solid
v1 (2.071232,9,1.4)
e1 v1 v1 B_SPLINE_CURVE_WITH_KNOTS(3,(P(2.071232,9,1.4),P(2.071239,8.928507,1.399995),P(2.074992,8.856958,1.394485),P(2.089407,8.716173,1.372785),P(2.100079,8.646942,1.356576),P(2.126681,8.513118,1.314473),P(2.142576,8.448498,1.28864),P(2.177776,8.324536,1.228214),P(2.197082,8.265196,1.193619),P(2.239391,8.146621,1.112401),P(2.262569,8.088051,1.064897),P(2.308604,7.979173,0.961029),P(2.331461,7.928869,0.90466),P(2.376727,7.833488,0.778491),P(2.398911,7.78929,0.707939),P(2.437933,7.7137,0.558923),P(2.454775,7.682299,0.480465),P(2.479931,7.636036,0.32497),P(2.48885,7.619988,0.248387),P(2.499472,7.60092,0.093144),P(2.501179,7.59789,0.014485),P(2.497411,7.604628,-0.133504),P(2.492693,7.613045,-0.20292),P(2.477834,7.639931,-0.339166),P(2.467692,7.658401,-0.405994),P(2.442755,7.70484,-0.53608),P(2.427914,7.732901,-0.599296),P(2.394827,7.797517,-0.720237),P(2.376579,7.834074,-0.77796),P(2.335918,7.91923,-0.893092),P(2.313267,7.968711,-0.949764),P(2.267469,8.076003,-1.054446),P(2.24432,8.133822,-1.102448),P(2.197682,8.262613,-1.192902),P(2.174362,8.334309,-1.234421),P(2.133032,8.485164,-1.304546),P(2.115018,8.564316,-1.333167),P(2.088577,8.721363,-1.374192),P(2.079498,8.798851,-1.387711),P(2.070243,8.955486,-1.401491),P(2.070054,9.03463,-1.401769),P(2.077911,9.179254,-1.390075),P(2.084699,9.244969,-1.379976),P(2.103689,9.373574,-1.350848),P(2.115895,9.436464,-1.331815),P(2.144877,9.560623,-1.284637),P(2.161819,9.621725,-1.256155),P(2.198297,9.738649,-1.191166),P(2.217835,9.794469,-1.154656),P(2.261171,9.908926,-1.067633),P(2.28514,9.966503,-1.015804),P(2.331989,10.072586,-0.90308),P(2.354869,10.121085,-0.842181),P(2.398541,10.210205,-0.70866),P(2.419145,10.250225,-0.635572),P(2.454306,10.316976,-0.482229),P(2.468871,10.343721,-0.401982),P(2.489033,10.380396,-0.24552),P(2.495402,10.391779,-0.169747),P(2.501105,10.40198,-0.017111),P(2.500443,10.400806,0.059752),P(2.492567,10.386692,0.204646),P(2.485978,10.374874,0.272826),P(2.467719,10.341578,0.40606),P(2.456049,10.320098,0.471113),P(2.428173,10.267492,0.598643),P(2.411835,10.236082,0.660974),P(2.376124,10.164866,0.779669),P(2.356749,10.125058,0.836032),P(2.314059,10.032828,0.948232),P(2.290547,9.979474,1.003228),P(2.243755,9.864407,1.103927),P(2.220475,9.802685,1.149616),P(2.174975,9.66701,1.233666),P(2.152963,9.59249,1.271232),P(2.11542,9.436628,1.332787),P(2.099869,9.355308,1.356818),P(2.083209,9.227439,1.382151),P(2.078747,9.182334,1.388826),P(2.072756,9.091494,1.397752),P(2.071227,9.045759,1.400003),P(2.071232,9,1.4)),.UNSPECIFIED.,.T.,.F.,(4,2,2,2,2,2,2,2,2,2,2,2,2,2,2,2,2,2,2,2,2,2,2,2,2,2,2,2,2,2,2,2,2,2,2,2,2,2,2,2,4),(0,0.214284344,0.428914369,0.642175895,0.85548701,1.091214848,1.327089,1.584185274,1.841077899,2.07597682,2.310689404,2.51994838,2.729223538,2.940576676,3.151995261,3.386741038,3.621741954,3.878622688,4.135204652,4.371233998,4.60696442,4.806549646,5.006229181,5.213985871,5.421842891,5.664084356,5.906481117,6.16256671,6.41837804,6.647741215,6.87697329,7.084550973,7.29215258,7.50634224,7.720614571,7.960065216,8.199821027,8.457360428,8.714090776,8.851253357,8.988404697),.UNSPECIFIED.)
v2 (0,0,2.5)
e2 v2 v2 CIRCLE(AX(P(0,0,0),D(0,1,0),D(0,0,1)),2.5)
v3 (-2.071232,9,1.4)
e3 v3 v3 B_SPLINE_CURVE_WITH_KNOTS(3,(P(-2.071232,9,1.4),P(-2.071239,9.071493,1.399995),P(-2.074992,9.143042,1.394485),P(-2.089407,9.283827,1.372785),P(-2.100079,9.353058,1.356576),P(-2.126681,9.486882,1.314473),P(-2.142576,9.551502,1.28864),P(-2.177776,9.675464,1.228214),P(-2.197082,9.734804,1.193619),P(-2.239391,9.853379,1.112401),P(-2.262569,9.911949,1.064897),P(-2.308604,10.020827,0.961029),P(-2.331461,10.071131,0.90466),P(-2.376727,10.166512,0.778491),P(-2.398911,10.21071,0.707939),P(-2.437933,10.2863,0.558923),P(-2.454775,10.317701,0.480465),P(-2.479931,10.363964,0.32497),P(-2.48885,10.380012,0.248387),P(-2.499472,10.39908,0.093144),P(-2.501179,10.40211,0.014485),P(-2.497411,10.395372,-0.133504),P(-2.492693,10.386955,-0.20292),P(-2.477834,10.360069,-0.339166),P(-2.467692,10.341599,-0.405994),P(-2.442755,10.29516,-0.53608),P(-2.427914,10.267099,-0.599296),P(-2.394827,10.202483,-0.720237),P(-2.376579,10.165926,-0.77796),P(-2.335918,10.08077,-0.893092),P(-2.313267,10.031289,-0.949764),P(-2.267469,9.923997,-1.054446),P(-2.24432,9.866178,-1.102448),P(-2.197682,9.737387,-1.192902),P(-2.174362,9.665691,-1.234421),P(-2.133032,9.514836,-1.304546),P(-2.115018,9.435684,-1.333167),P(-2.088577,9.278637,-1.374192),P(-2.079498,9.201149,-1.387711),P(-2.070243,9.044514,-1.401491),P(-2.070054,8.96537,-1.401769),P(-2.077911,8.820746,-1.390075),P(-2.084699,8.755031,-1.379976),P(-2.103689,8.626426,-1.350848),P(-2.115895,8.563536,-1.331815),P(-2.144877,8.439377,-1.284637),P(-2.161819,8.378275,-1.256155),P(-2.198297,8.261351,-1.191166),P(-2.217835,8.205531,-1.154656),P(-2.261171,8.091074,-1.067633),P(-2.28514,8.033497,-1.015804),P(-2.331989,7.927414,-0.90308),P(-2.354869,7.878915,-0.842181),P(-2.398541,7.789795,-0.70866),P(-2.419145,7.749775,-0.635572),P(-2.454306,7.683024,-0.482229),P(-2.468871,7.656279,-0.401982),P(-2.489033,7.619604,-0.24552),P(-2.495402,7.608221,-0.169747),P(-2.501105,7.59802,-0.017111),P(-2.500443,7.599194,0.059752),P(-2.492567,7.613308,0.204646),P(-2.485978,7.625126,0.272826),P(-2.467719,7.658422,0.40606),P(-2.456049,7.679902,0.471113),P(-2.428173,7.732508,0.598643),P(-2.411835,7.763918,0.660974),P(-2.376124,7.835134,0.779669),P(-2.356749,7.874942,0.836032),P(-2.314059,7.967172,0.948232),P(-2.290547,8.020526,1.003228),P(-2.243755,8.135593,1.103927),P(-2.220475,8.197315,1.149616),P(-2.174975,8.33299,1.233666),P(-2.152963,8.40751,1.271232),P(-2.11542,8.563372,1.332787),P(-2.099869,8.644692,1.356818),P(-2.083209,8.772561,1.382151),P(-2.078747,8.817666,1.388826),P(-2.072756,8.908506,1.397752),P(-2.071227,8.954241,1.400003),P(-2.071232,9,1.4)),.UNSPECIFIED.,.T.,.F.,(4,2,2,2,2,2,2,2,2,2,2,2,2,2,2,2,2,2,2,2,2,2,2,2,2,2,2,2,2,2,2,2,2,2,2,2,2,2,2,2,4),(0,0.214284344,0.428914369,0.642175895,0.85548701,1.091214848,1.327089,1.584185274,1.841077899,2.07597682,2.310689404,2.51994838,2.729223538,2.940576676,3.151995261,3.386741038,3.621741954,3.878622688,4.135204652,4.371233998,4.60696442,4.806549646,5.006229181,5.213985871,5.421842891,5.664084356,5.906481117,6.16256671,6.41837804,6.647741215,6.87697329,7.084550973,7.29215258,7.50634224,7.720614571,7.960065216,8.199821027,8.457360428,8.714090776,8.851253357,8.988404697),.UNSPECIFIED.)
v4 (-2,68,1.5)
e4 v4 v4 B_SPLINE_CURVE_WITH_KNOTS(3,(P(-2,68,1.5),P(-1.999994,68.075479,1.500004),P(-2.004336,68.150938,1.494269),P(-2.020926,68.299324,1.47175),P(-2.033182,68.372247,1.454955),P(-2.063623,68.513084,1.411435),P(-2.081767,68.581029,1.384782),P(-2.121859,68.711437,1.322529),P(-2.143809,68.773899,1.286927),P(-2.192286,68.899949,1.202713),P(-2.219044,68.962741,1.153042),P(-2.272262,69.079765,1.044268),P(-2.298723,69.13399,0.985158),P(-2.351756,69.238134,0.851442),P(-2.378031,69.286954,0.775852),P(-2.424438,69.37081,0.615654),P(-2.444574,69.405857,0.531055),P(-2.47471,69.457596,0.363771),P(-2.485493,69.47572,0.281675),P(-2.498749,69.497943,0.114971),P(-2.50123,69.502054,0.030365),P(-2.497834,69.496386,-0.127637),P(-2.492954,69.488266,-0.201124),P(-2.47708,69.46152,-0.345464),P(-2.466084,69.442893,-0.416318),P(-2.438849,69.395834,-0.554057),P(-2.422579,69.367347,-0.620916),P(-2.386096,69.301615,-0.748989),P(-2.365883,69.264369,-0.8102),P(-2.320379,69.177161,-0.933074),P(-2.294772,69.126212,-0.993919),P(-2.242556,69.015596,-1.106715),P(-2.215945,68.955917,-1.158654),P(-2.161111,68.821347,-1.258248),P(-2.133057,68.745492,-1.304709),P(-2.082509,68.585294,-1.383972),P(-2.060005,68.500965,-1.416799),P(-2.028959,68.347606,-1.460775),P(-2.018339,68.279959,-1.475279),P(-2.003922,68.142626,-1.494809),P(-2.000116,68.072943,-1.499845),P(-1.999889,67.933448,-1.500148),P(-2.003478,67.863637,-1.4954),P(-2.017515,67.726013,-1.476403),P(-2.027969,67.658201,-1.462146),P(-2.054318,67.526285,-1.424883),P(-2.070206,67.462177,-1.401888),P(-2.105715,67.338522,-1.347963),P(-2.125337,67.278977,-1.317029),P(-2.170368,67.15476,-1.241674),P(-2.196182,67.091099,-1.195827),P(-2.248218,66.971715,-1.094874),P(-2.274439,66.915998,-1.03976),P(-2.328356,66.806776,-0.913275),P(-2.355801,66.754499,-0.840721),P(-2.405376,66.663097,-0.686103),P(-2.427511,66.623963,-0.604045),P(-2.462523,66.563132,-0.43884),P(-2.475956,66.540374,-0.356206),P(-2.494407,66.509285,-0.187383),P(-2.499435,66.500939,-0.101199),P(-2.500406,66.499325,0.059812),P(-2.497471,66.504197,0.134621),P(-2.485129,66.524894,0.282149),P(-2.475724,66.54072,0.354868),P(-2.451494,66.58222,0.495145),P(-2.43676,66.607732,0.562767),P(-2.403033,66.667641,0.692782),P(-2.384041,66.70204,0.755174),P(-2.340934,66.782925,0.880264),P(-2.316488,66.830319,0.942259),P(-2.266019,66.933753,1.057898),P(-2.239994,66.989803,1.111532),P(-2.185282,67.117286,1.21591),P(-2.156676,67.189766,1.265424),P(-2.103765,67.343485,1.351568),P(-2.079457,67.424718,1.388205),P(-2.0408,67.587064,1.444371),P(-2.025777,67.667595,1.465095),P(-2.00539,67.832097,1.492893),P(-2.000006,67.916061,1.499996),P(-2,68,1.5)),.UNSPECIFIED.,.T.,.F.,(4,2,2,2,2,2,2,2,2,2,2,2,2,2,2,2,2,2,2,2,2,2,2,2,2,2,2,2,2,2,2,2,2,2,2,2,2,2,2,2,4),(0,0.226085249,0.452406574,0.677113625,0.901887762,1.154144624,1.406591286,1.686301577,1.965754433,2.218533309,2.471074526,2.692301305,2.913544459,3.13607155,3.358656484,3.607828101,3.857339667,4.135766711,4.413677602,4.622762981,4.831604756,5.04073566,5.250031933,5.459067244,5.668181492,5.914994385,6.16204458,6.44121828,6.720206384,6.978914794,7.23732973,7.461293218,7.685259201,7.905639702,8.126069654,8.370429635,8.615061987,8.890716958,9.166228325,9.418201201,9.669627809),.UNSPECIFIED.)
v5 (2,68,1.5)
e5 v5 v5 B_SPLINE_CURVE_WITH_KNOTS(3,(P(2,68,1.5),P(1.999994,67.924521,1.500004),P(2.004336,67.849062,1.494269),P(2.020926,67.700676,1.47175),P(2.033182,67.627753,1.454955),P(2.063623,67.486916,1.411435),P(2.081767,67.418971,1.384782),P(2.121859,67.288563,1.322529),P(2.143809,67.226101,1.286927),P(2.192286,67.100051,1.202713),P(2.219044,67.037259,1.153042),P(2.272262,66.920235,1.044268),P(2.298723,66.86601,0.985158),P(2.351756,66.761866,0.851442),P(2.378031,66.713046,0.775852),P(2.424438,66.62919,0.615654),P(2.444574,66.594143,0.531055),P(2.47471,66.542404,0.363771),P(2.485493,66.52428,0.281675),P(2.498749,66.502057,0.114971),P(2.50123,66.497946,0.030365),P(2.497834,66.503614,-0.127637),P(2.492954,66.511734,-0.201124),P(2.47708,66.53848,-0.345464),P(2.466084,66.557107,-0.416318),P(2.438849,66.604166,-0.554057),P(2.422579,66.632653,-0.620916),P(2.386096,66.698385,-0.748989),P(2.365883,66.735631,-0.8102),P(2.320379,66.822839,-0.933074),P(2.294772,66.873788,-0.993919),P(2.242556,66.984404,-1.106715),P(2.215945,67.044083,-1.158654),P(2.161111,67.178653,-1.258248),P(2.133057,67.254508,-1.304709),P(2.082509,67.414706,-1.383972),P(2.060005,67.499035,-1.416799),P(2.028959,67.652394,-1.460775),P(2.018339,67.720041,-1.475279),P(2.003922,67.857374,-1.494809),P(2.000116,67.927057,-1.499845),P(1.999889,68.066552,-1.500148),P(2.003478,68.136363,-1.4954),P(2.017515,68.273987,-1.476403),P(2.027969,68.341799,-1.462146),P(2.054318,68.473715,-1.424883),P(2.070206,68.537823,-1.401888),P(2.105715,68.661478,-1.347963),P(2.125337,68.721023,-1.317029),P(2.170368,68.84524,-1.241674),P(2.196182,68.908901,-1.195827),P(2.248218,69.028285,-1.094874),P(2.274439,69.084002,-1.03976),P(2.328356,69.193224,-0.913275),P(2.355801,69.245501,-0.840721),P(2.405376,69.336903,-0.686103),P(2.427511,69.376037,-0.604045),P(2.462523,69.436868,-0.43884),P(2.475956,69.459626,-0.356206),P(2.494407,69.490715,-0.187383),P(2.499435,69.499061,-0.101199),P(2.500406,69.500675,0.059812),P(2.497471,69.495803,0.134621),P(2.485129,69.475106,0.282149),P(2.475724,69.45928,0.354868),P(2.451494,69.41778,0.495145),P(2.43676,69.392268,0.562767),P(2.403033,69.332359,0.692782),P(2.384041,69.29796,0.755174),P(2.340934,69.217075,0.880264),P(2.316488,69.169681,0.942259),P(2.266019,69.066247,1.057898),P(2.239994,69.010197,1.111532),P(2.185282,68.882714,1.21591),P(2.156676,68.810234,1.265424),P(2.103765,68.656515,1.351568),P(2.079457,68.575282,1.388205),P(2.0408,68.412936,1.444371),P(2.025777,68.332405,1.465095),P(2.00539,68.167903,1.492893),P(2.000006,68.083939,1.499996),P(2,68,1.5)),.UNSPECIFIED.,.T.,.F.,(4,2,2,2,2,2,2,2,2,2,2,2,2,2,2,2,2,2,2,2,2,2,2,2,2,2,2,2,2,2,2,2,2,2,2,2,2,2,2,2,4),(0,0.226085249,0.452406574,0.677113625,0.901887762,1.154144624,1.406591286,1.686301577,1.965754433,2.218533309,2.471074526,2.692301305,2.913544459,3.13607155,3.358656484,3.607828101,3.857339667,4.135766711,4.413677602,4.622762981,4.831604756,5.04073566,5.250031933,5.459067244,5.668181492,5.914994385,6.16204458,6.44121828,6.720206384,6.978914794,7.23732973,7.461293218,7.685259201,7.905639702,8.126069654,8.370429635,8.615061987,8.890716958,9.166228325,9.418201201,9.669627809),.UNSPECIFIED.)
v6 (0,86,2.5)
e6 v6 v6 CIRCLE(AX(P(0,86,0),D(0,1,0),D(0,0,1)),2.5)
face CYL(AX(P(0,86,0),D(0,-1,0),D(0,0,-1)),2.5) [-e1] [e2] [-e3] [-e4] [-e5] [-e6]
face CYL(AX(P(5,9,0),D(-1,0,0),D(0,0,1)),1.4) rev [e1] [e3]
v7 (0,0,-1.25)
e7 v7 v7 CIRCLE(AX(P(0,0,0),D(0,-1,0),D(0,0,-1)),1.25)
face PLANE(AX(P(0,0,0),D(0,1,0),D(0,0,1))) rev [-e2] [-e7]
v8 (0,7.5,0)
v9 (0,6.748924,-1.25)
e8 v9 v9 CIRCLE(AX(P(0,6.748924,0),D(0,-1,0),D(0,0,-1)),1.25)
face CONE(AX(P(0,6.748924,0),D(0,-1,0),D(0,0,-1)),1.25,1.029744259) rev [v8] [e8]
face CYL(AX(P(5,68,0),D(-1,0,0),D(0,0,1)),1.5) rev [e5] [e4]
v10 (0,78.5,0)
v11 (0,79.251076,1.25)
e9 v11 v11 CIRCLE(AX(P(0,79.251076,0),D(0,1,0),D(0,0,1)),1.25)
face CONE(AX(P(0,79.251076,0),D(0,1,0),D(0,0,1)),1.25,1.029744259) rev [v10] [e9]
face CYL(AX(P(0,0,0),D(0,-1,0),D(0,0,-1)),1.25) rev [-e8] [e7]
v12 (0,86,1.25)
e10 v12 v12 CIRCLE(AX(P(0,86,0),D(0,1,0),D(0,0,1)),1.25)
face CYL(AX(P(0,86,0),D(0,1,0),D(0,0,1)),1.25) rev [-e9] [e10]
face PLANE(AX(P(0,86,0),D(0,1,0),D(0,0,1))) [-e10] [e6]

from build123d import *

# Parameters (mm, degrees)
SKETCH_1_R               = 2.5
EXTRUDE_1_DEPTH          = 86
HOLE_WIZARD_M3_1_D       = 2.5
HOLE_WIZARD_M3_1_DEPTH   = 6.748924226
HOLE_WIZARD_M3_1_TIP     = 0.751075774
HOLE_WIZARD_M3_2_D       = 2.5
HOLE_WIZARD_M3_2_DEPTH   = 6.748924226
HOLE_WIZARD_M3_2_TIP     = 0.751075774
CUT_EXTRUDE_2_DEPTH      = 5
CUT_EXTRUDE_2_DEPTH_BACK = 5
SKETCH_10_R              = 1.5
SKETCH_10_R_2            = 1.4


with BuildPart() as part:
    # 草图1 → 凸台-拉伸1 (new body)
    with BuildSketch(Plane(origin=(0, 0, 0), x_dir=(1, 0, 0), z_dir=(0, 1, 0))):
        Circle(SKETCH_1_R)
    extrude(amount=EXTRUDE_1_DEPTH)

    # M3 螺纹孔1
    with Locations(Plane(origin=(0, 0, 0), x_dir=(-1, 0, 0), z_dir=(0, -1, 0))):
        with Locations((0, 0)):
            Hole(HOLE_WIZARD_M3_1_D / 2, depth=HOLE_WIZARD_M3_1_DEPTH)
            with Locations((0, 0, -(HOLE_WIZARD_M3_1_DEPTH + HOLE_WIZARD_M3_1_TIP / 2))):  # 118° drill point
                Cone(0, HOLE_WIZARD_M3_1_D / 2, HOLE_WIZARD_M3_1_TIP, mode=Mode.SUBTRACT)

    # M3 螺纹孔2
    with Locations(Plane(origin=(0, 86, 0), x_dir=(1, 0, 0), z_dir=(0, 1, 0))):
        with Locations((0, 0)):
            Hole(HOLE_WIZARD_M3_2_D / 2, depth=HOLE_WIZARD_M3_2_DEPTH)
            with Locations((0, 0, -(HOLE_WIZARD_M3_2_DEPTH + HOLE_WIZARD_M3_2_TIP / 2))):  # 118° drill point
                Cone(0, HOLE_WIZARD_M3_2_D / 2, HOLE_WIZARD_M3_2_TIP, mode=Mode.SUBTRACT)

    # 草图10 → 切除-拉伸2 (cut, two sides: drawn at the far end of the back side and taken through both)
    with BuildSketch(Plane(origin=(0, 0, 0), x_dir=(0, 0, -1), z_dir=(1, 0, 0)).offset(-CUT_EXTRUDE_2_DEPTH_BACK)):
        with Locations((0, 68)):
            Circle(SKETCH_10_R)
        with Locations((0, 9)):
            Circle(SKETCH_10_R_2)
    extrude(amount=CUT_EXTRUDE_2_DEPTH + CUT_EXTRUDE_2_DEPTH_BACK, mode=Mode.SUBTRACT)


solid = part.part
